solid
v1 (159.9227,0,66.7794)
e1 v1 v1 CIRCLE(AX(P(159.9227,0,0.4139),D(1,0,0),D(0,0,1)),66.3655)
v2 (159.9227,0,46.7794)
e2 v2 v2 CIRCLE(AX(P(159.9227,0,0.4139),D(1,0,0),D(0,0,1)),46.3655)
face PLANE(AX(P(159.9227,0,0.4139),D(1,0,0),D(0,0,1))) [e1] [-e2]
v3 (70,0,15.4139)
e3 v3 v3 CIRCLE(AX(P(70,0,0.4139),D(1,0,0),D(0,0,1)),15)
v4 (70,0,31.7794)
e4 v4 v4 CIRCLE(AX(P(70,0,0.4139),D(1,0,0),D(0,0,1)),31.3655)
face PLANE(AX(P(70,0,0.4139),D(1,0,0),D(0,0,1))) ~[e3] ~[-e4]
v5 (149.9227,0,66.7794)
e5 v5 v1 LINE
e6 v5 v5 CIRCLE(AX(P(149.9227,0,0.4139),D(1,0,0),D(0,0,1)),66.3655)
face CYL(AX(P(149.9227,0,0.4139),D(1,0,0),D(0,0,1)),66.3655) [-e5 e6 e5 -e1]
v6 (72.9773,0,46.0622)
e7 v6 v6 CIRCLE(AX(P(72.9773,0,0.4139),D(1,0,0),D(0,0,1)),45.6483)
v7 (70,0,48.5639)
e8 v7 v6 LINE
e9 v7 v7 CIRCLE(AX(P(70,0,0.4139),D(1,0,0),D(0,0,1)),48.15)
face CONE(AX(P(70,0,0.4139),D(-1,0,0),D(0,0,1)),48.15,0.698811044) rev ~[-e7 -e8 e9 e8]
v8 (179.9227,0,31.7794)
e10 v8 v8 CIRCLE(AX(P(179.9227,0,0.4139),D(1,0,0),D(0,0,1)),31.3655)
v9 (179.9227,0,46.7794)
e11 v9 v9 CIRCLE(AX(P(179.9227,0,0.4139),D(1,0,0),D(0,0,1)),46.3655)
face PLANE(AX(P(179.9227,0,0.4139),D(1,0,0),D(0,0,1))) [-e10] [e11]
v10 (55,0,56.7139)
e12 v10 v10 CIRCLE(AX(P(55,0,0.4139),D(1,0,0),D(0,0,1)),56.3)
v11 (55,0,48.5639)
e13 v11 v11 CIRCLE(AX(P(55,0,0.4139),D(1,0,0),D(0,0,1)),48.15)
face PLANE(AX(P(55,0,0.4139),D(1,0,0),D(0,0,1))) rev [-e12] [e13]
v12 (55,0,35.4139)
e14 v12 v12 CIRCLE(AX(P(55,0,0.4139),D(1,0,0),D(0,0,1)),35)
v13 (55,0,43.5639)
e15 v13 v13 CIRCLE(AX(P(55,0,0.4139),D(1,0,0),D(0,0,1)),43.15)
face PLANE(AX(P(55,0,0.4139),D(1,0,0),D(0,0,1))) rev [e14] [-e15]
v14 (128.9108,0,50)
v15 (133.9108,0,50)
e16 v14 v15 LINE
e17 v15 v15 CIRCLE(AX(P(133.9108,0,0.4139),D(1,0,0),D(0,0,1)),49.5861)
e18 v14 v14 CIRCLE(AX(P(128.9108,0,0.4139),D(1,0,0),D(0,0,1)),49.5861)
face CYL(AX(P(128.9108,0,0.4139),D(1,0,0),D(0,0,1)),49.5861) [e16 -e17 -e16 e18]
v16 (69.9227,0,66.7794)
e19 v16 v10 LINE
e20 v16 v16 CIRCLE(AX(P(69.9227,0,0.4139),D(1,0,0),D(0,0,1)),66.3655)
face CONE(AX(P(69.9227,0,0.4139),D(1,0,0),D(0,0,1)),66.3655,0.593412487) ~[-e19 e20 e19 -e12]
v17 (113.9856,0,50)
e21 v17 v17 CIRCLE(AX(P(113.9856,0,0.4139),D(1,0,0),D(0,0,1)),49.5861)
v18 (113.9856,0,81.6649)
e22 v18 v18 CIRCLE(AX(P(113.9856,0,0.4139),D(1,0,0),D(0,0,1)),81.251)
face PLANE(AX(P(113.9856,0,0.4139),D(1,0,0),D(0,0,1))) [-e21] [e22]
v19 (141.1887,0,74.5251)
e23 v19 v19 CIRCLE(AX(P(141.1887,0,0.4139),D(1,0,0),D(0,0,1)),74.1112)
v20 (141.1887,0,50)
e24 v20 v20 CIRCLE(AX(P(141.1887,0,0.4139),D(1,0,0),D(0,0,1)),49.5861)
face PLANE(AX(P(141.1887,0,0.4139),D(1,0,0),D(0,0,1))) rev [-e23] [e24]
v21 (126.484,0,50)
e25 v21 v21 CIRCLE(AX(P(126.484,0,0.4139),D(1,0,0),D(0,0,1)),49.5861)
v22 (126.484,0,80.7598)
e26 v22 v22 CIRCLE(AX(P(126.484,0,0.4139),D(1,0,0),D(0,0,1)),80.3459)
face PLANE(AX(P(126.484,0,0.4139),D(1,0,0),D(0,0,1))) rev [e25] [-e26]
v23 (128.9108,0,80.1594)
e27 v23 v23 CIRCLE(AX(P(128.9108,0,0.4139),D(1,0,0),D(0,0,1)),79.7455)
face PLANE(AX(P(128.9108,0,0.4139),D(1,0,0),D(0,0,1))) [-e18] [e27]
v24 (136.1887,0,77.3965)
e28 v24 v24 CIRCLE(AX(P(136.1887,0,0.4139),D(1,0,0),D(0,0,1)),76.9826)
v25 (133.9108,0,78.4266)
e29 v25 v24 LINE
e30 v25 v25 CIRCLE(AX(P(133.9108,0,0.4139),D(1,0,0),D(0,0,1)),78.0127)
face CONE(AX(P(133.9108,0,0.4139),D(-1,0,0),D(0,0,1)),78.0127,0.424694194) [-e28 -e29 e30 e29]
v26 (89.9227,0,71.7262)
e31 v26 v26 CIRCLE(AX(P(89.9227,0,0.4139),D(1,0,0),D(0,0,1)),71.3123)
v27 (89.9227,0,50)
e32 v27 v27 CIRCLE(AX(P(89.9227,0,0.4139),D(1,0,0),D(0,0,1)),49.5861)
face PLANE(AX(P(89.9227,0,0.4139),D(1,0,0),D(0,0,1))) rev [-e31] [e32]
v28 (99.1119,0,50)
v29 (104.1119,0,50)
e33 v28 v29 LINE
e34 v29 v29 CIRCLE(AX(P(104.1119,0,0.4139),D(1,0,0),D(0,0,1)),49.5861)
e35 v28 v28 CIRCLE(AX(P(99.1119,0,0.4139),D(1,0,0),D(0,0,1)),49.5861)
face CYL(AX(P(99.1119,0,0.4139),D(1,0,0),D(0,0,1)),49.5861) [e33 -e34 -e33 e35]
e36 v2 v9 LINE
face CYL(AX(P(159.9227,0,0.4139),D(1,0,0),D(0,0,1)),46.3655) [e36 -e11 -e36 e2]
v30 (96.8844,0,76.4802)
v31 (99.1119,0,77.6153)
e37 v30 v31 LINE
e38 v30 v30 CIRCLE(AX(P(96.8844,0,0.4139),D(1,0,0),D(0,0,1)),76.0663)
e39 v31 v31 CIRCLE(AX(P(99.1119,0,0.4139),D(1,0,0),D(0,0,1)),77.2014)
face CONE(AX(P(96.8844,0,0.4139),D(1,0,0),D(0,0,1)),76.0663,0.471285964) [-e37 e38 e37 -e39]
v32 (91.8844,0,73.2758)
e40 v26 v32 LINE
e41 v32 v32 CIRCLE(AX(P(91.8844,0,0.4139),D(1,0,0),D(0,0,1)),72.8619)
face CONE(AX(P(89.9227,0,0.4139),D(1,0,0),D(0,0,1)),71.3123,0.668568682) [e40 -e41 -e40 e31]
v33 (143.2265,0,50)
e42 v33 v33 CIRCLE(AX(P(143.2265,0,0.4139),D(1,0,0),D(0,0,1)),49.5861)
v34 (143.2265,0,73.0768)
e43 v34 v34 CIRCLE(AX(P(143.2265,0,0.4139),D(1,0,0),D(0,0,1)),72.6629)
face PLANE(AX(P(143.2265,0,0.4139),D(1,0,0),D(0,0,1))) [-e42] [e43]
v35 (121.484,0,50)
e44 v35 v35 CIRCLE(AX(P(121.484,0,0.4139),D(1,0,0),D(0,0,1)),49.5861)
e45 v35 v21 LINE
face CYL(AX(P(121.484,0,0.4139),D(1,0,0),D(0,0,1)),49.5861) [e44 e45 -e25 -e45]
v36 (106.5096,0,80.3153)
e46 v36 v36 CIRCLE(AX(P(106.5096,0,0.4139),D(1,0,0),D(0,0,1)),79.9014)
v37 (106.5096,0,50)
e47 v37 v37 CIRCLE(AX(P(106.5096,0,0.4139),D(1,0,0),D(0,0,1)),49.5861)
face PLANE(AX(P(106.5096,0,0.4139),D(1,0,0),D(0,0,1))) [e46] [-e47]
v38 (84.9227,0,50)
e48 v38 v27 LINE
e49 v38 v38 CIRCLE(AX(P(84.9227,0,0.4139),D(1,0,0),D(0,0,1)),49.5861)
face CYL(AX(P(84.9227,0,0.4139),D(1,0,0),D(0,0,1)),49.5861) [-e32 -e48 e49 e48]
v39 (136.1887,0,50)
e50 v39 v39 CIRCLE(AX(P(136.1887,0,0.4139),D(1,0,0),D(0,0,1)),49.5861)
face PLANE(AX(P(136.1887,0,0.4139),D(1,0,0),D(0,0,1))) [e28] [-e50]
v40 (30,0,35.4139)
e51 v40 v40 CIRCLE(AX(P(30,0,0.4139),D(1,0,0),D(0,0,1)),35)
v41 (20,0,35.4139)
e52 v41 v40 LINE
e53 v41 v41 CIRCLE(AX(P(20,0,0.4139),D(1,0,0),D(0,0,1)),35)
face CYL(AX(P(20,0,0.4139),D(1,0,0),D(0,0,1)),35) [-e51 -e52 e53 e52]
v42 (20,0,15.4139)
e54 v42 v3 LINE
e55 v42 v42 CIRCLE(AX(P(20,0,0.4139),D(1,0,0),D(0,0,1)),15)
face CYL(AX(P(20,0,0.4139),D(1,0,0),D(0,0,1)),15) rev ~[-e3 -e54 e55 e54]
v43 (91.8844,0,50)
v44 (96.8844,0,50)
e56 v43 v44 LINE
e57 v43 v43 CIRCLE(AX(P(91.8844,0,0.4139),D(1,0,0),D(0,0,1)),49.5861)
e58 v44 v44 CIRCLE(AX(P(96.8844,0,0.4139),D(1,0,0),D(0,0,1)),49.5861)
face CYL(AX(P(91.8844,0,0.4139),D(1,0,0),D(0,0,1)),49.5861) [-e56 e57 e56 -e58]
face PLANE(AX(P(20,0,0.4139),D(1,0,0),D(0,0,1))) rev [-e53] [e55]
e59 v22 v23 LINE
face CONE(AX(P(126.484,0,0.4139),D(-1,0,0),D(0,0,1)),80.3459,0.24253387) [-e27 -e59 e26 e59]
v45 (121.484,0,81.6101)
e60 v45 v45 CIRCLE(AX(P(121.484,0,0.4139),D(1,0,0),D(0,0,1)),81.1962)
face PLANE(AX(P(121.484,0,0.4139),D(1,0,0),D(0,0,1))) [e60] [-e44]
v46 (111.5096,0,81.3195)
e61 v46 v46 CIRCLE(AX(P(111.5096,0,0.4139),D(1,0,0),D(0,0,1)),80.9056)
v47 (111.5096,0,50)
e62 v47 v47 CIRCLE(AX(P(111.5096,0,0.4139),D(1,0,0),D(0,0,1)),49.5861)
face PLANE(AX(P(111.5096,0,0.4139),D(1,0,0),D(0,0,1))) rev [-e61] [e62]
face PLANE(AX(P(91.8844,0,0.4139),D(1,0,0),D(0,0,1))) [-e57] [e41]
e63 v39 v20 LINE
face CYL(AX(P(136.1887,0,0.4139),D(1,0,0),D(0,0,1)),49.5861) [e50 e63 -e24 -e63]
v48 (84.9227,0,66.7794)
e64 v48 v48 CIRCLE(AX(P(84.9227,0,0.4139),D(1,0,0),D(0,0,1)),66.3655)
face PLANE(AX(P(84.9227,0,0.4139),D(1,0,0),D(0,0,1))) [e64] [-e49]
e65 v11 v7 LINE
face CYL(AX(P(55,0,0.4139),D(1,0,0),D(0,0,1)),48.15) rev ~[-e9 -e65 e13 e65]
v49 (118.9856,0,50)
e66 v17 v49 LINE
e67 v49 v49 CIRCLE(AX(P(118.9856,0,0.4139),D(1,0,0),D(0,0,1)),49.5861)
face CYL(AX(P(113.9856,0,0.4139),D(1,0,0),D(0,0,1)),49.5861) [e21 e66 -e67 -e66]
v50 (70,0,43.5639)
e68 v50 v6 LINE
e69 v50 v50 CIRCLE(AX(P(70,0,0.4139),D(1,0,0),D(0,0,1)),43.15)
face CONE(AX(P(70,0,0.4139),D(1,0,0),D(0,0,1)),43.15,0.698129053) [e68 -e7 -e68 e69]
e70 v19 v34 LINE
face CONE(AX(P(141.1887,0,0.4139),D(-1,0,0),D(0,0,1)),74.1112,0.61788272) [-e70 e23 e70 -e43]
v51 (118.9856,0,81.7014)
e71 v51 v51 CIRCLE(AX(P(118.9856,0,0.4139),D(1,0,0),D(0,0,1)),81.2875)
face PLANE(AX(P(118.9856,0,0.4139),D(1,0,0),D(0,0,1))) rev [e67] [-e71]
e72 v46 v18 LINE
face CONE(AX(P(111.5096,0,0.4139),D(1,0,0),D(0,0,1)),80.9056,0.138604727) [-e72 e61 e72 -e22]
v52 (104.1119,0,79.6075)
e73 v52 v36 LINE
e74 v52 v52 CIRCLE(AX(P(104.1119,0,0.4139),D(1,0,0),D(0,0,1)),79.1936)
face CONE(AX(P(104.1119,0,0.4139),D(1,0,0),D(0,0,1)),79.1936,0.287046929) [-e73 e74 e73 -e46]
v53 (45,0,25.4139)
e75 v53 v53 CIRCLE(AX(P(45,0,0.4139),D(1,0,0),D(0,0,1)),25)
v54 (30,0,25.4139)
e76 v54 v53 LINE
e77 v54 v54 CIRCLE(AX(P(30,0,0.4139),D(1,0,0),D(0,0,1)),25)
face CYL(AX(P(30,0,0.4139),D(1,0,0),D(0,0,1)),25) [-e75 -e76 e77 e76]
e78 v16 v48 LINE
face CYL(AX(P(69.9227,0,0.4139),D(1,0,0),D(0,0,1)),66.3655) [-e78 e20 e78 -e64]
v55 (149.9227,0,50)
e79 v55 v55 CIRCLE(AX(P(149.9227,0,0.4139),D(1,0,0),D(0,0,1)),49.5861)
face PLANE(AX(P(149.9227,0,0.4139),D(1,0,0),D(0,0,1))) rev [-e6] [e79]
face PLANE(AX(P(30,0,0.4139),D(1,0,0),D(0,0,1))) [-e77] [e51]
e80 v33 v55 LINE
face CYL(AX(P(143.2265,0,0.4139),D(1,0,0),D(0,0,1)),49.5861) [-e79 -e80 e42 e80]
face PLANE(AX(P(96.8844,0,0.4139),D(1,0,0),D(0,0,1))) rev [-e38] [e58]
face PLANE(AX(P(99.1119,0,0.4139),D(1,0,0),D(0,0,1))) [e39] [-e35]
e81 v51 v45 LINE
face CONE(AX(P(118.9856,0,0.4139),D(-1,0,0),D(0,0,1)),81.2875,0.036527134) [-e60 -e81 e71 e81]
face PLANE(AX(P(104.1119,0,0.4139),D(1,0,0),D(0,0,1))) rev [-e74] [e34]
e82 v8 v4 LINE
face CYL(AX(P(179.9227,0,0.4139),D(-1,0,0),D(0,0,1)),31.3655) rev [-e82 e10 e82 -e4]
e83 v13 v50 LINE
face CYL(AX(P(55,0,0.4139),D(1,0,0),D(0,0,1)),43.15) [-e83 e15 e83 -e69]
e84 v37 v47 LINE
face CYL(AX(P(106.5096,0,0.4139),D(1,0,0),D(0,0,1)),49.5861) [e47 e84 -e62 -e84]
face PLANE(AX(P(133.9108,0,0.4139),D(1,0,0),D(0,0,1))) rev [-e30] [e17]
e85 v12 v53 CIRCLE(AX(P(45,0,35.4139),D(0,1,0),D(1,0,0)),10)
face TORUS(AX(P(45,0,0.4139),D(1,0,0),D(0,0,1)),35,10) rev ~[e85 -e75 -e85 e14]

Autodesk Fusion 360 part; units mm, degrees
sketch "Sketch1" plane through (0, 0, 0) normal (0, 1, 0) x (1, 0, 0)
  line L0 (0, -239.3605) -> (0, 80) construction
  line L1 (-170.645, -0.4139) -> (332.9489, -0.4139) construction
  line L2 (-150, -0.4139) -> (-150, -15.4139) construction
  line L3 (-150, -15.4139) -> (320.98, -15.4139) construction
  line L4 (20, -15.4139) -> (70, -15.4139)
  line L5 (20, -15.4139) -> (20, -35.4139)
  line L6 (20, -35.4139) -> (30, -35.4139)
  line L7 (30, -35.4139) -> (30, -25.4139)
  line L8 (30, -25.4139) -> (45, -25.4139)
  arc A0 (55, -35.4139) -> (45, -25.4139) centre (45, -35.4139) ccw
  line L9 (55, -35.4139) -> (55, -56.7139)
  line L10 (69.9227, -66.7794) -> (84.9227, -66.7794)
  line L11 (69.9227, -66.7794) -> (55, -56.7139)
  line L12 (69.9227, -66.7794) -> (84.9227, -66.7794) construction
  line L13 (149.9227, -66.7794) -> (159.9227, -66.7794)
  line L14 (84.9227, -66.7794) -> (84.9227, -50)
  line L15 (84.9227, -50) -> (89.9227, -50)
  line L16 (89.9227, -50) -> (89.9227, -71.7262)
  line L17 (89.9227, -71.7262) -> (91.8844, -73.2758)
  line L18 (91.8844, -73.2758) -> (91.8844, -50)
  line L19 (91.8844, -50) -> (96.8844, -50)
  line L20 (96.8844, -50) -> (96.8844, -76.4802)
  line L21 (96.8844, -76.4802) -> (99.1119, -77.6153)
  line L22 (99.1119, -77.6153) -> (99.1119, -50)
  line L23 (99.1119, -50) -> (104.1119, -50)
  line L24 (104.1119, -50) -> (104.1119, -79.6075)
  line L25 (104.1119, -79.6075) -> (106.5096, -80.3153)
  line L26 (106.5096, -80.3153) -> (106.5096, -50)
  line L27 (106.5096, -50) -> (111.5096, -50)
  line L28 (111.5096, -50) -> (111.5096, -81.3195)
  line L29 (111.5096, -81.3195) -> (113.9856, -81.6649)
  line L30 (113.9856, -81.6649) -> (113.9856, -50)
  line L31 (113.9856, -50) -> (118.9856, -50)
  line L32 (118.9856, -50) -> (118.9856, -81.7014)
  line L33 (118.9856, -81.7014) -> (121.484, -81.6101)
  line L34 (121.484, -81.6101) -> (121.484, -50)
  line L35 (121.484, -50) -> (126.484, -50)
  line L36 (126.484, -50) -> (126.484, -80.7598)
  line L37 (126.484, -80.7598) -> (128.9108, -80.1594)
  line L38 (128.9108, -80.1594) -> (128.9108, -50)
  line L39 (128.9108, -50) -> (133.9108, -50)
  line L40 (133.9108, -50) -> (133.9108, -78.4266)
  line L41 (133.9108, -78.4266) -> (136.1887, -77.3965)
  line L42 (136.1887, -77.3965) -> (136.1887, -50)
  line L43 (136.1887, -50) -> (141.1887, -50)
  line L44 (141.1887, -50) -> (141.1887, -74.5251)
  line L45 (141.1887, -74.5251) -> (143.2265, -73.0768)
  line L46 (143.2265, -73.0768) -> (143.2265, -50)
  line L47 (143.2265, -50) -> (149.9227, -50)
  line L48 (149.9227, -50) -> (149.9227, -66.7794)
  line L49 (159.9227, -66.7794) -> (159.9227, -46.7794)
  line L50 (159.9227, -46.7794) -> (179.9227, -46.7794)
  line L51 (179.9227, -46.7794) -> (179.9227, -31.7794)
  line L52 (179.9227, -31.7794) -> (70, -31.7794)
  line L53 (70, -15.4139) -> (70, -31.7794)
  line L54 (50.2219, -35.4139) -> (50.2219, -46.0639) construction
  line L55 (50.2219, -46.0639) -> (80, -46.0639) construction
  line L56 (52.4714, -46.0639) -> (52.4714, -48.5639) construction
  line L57 (52.4714, -46.0639) -> (52.4714, -43.5639) construction
  line L58 (55, -48.5639) -> (70, -48.5639)
  line L59 (55, -43.5639) -> (70, -43.5639)
  line L60 (70, -48.5639) -> (72.9773, -46.0622)
  line L61 (70, -43.5639) -> (72.9794, -46.0639)
  line L62 (70, -43.5639) -> (77.0884, -43.5639) construction
  point P0 (45, -25.4139)
  dimension "d1" = 15
  dimension "d2" = 50
  dimension "d3" = 20
  dimension "d4" = 10
  dimension "d5" = 10
  dimension "d9" = 15
  dimension "d10" = 10
  dimension "d11" = 21.3
  dimension "d15" = 15
  dimension "d16" = 146
  dimension "d17" = 18
  dimension "d18" = 65
  dimension "d19" = 10
  dimension "d25" = 5
  dimension "d26" = 2.5
  dimension "d27" = 5
  dimension "d28" = 2.5
  dimension "d29" = 5
  dimension "d30" = 2.5
  dimension "d31" = 5
  dimension "d32" = 2.5
  dimension "d33" = 5
  dimension "d34" = 2.5
  dimension "d35" = 5
  dimension "d36" = 2.5
  dimension "d37" = 5
  dimension "d38" = 2.5
  dimension "d39" = 5
  dimension "d40" = 2.5
  dimension "d43" = 20
  dimension "d44" = 20
  dimension "d45" = 15
  dimension "d46" = 2.5
revolve "Revolve1" add sketch "Sketch1" angle 360 about axis through (-170.645, 0, 0.4139) along (1, 0, 0) contours L4 L5 L6 L7 L8 A0 L9 L10 L11 L13 L14 L15 L16 L17 L18 L19 L20 L21 L22 L23 L24 L25 L26 L27 L28 L29 L30 L31 L32 L33 L34 L35 L36 L37 L38 L39 L40 L41 L42 L43 L44 L45 L46 L47 L48 L49 L50 L51 L52 L53 L58 L59 L60 L61
